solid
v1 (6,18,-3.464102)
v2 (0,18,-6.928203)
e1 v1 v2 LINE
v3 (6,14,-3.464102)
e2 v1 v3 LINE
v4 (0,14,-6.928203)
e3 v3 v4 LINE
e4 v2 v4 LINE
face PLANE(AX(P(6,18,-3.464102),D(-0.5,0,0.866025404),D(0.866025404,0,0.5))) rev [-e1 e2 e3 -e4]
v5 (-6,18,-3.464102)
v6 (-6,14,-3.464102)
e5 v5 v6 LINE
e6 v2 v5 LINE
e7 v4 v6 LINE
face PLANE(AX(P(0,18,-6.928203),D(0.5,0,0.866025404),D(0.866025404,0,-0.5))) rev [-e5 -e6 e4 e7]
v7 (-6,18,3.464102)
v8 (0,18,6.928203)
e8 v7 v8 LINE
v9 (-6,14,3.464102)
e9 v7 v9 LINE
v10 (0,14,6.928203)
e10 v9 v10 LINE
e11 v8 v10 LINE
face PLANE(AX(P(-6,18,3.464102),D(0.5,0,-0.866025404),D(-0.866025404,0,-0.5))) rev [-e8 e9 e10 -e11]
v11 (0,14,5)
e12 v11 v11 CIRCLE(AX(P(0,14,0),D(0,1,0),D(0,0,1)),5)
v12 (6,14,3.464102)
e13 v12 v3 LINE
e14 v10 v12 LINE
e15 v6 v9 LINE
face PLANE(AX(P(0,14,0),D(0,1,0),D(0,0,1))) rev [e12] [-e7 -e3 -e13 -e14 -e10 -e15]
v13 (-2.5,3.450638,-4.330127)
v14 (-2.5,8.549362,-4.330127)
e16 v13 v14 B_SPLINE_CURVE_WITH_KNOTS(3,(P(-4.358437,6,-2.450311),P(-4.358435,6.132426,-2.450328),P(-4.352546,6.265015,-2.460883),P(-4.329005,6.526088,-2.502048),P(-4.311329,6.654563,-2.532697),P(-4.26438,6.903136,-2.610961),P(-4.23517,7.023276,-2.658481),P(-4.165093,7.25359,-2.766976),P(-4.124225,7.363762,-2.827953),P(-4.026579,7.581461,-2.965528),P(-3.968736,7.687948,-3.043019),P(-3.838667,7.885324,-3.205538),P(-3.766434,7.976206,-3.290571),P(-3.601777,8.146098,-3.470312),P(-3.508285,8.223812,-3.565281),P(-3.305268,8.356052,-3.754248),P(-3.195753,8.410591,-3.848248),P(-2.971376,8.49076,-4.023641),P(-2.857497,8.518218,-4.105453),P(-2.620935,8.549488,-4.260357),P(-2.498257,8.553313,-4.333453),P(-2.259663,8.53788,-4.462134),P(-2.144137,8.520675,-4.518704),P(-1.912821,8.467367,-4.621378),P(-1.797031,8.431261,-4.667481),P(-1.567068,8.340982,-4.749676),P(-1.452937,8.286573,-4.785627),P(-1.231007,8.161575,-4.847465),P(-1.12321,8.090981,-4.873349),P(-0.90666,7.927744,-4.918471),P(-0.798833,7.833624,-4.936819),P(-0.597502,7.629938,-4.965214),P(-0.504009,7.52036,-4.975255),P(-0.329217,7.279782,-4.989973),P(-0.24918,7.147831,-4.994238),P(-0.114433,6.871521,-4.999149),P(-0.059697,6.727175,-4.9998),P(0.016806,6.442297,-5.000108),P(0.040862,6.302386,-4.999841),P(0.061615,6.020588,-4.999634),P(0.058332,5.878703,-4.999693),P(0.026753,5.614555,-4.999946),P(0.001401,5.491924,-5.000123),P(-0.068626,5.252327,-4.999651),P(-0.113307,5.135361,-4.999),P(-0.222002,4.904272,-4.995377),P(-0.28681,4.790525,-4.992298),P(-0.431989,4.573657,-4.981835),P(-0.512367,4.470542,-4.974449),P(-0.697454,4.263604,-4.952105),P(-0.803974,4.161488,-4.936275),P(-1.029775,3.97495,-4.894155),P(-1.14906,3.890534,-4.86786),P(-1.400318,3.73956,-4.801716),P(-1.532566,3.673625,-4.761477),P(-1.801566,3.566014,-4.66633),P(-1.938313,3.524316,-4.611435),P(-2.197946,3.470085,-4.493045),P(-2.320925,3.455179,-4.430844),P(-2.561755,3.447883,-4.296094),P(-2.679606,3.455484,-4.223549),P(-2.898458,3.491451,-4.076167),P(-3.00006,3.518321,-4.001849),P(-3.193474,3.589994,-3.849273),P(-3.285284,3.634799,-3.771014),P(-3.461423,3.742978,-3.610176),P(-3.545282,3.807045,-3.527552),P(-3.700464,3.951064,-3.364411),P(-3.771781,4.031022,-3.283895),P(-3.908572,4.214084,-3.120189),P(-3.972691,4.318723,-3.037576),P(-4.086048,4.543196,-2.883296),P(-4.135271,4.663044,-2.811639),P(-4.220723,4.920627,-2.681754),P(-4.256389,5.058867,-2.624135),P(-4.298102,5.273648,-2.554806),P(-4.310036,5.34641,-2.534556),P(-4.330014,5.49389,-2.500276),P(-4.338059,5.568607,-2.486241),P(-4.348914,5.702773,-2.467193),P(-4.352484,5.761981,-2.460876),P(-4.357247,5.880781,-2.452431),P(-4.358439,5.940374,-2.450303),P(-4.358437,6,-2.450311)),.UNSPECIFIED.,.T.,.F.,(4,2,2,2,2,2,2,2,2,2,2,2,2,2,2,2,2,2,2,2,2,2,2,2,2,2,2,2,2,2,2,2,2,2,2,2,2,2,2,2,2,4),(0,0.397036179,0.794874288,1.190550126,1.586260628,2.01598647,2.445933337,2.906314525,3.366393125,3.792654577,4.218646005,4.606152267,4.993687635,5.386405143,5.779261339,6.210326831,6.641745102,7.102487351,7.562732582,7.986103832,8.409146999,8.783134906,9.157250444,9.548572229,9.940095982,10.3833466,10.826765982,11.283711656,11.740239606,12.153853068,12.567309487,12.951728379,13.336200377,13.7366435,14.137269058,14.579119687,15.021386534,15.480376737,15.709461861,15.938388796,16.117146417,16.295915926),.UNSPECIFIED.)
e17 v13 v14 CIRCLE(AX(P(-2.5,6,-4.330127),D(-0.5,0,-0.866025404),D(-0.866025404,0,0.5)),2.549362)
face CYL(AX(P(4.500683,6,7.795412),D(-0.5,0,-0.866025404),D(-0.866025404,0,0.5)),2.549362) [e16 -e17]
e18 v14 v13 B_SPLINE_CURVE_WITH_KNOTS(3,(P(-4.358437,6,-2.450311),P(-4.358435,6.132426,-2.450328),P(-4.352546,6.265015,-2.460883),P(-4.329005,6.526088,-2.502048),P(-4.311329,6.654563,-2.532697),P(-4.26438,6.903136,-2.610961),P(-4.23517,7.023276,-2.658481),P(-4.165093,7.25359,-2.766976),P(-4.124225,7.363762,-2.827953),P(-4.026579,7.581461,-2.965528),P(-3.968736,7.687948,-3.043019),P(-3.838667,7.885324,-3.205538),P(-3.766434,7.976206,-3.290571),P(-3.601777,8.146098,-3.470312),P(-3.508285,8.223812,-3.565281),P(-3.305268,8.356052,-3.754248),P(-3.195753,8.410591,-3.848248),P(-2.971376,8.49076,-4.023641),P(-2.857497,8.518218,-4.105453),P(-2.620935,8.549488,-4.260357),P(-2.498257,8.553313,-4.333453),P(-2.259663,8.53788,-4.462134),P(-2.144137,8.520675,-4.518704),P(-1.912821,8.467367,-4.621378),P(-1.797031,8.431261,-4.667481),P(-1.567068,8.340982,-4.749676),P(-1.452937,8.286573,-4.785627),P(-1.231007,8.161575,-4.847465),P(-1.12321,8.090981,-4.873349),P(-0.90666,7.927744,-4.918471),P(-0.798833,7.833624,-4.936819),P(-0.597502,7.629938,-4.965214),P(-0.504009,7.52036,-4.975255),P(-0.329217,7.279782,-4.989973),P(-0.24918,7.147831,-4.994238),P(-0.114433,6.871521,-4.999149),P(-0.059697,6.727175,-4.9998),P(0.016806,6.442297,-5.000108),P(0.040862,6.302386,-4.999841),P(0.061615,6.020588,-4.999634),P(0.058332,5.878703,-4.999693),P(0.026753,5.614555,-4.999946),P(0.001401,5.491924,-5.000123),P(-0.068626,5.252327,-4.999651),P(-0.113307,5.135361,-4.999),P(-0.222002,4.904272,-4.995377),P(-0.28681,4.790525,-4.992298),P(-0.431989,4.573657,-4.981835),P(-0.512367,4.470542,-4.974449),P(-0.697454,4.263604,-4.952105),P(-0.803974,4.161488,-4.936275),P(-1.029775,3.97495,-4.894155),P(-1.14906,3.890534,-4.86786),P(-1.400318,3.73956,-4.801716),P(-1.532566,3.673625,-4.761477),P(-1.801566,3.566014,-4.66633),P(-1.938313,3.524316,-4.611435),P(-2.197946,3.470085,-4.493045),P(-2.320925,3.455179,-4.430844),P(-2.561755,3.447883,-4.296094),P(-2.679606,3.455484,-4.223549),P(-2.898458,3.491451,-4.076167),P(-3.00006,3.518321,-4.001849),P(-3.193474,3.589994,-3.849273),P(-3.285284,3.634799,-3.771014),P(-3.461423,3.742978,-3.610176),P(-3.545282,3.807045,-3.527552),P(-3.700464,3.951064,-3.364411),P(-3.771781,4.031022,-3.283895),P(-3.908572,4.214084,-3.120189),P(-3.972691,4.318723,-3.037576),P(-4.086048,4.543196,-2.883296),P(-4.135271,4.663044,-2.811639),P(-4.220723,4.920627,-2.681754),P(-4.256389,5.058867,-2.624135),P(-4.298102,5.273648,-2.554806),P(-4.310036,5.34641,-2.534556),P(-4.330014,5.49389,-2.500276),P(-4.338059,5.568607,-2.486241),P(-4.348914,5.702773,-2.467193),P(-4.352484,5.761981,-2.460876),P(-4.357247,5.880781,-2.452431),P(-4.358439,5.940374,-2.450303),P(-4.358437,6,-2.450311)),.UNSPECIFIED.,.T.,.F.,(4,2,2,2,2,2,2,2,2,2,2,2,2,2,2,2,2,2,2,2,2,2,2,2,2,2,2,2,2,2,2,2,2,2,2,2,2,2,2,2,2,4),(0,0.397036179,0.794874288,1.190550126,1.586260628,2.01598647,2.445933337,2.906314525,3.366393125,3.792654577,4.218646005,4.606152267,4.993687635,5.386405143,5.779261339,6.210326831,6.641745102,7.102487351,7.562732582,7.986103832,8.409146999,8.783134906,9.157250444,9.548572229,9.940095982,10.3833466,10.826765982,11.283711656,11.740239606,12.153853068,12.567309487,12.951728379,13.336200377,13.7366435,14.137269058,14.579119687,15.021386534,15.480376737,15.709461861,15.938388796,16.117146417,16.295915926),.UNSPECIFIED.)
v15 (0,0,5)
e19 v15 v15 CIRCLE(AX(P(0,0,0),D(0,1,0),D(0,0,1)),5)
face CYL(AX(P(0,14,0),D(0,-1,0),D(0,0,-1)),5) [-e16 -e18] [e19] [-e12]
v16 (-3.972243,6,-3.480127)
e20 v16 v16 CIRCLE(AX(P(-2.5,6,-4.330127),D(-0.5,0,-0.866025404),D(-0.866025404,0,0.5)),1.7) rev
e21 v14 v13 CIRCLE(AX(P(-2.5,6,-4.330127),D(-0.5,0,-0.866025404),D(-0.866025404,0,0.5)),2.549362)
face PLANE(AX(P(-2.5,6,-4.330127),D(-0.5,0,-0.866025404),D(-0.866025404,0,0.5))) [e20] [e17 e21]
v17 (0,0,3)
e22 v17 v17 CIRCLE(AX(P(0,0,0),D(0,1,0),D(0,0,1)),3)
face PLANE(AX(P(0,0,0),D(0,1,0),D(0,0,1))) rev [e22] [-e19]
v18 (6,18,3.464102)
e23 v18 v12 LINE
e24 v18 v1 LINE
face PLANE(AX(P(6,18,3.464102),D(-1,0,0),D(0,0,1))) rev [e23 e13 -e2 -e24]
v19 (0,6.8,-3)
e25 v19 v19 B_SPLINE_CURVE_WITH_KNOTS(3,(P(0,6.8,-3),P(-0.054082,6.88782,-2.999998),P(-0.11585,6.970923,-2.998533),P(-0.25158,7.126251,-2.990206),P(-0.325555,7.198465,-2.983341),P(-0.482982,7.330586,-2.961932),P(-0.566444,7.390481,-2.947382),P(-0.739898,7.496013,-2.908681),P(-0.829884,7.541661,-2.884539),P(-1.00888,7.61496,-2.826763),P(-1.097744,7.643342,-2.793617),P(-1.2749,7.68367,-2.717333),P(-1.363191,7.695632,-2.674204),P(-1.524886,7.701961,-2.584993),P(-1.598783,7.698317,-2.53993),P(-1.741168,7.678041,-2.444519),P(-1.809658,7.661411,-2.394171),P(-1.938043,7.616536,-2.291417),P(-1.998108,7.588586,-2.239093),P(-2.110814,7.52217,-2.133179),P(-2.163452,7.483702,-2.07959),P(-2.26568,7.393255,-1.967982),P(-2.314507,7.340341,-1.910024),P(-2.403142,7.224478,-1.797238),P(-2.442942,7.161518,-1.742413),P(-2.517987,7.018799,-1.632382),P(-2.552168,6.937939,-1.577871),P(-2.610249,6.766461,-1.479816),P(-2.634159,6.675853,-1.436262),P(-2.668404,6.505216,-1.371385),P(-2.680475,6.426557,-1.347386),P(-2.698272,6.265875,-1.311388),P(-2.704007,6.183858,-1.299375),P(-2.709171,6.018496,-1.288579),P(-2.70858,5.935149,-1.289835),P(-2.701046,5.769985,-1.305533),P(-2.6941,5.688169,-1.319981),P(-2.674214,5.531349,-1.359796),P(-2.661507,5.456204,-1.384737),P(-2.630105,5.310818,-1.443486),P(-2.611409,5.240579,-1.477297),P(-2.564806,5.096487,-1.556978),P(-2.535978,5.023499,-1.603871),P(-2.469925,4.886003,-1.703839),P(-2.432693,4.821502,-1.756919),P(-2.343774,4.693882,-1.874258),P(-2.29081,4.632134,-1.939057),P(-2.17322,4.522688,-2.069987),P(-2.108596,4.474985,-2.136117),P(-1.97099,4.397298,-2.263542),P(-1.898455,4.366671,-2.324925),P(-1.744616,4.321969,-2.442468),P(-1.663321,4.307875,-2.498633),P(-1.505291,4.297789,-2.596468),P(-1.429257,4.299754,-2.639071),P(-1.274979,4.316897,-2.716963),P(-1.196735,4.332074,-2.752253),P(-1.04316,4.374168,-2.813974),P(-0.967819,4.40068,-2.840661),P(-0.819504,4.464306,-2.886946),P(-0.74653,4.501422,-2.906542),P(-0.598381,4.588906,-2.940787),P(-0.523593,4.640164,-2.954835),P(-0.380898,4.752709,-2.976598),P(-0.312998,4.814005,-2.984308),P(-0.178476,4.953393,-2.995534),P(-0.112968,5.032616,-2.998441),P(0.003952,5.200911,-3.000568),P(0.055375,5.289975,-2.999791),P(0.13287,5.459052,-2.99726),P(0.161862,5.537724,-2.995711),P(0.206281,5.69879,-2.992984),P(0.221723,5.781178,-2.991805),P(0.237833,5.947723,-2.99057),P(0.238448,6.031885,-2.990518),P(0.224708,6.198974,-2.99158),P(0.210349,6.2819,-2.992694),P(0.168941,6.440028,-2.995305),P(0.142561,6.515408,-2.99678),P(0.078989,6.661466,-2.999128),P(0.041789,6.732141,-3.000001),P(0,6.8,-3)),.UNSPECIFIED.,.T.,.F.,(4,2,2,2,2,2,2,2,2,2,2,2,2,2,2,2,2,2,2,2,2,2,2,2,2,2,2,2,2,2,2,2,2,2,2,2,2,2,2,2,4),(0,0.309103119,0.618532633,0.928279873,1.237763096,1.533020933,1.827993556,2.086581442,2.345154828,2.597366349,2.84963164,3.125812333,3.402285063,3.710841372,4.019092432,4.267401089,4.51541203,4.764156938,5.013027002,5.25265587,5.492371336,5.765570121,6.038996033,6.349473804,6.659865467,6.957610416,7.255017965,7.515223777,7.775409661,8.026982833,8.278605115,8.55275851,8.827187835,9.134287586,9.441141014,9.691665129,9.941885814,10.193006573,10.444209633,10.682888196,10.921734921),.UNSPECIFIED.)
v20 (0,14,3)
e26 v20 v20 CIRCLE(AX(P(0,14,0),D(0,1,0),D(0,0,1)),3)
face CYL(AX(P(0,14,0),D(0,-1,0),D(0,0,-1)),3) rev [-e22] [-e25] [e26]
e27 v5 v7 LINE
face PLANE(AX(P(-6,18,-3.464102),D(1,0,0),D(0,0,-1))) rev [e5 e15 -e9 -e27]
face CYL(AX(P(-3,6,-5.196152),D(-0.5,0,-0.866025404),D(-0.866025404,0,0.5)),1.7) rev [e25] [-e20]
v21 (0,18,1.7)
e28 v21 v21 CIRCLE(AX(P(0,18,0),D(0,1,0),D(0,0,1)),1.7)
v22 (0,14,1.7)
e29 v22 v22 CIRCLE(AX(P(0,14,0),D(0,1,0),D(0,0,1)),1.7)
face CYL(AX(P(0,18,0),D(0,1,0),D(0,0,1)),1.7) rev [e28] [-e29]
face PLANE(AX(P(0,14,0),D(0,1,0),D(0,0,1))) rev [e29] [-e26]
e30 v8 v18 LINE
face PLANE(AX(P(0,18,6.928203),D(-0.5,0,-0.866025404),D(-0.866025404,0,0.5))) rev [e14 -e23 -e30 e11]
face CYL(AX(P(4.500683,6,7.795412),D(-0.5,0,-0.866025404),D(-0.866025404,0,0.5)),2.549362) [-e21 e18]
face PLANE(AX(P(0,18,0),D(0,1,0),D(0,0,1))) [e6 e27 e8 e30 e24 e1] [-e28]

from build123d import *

# Parameters (mm, degrees)
SKETCH1_R                 = 5
SKETCH1_R_2               = 3
BOSS_EXTRUDE1_DEPTH       = 14
BOSS_EXTRUDE2_DEPTH       = 4
M3_CLEARANCE_HOLE1_D      = 3.4
M3_CLEARANCE_HOLE2_REACH  = 25.495
M3_CLEARANCE_HOLE2_BORE_R = 1.7
BOSS_EXTRUDE3_REACH       = 25.495
BOSS_EXTRUDE3_END_RADIUS  = 5
SKETCH11_R                = 2.549362178
SKETCH11_R_2              = 1.7
SKETCH14_R                = 2.549362178
CUT_EXTRUDE2_DEPTH        = 1


with BuildPart() as part:
    # Sketch1 → Boss-Extrude1 (new body)
    with BuildSketch(Plane(origin=(0, 0, 0), x_dir=(1, 0, 0), z_dir=(0, 1, 0))):
        with Locations(Location((0, 0, 0), (0, 0, 270))):
            Circle(SKETCH1_R)
        with Locations(Location((0, 0, 0), (0, 0, 270))):
            Circle(SKETCH1_R_2, mode=Mode.SUBTRACT)
    extrude(amount=BOSS_EXTRUDE1_DEPTH)

    # Sketch2 → Boss-Extrude2 (add)
    with BuildSketch(Plane(origin=(0, 14, 0), x_dir=(1, 0, 0), z_dir=(0, 1, 0))):
        Polygon((0, 6.92820323), (-6, 3.464101615), (-6, -3.464101615), (0, -6.92820323), (6, -3.464101615), (6, 3.464101615), align=None)
    extrude(amount=BOSS_EXTRUDE2_DEPTH)

    # M3 Clearance Hole1 (through all)
    with Locations(Plane(origin=(0, 18, 0), x_dir=(1, 0, 0), z_dir=(0, 1, 0))):
        with Locations((0, 0)):
            Hole(M3_CLEARANCE_HOLE1_D / 2)

    # M3 Clearance Hole2 bore → M3 Clearance Hole2 (cut, up to next)
    with BuildSketch(Plane(origin=(-3, 0, -5.196152423), x_dir=(-0.8660254037844386, 0, 0.5000000000000003), z_dir=(-0.5000000000000002, 0, -0.8660254037844385)), mode=Mode.PRIVATE) as m3_clearance_hole2_sk1:
        with Locations((0, 6)):
            Circle(M3_CLEARANCE_HOLE2_BORE_R)
    m3_clearance_hole2_tool1 = extrude(m3_clearance_hole2_sk1.sketch, amount=-M3_CLEARANCE_HOLE2_REACH, mode=Mode.PRIVATE) & part.part
    add(m3_clearance_hole2_tool1.solids().sort_by_distance((-3, 6, -5.196152))[0], mode=Mode.SUBTRACT)

    # Boss-Extrude3: up to this cylinder (the profile starts outside it)
    boss_extrude3_end = Plane(origin=(0, 6, 0), z_dir=(0, -1, 0)) * Cylinder(BOSS_EXTRUDE3_END_RADIUS, 61.99, mode=Mode.PRIVATE)
    # Sketch11 → Boss-Extrude3 (add, up to the surface)
    with BuildSketch(Plane(origin=(-3, 0, -5.196152423), x_dir=(-0.8660254037844386, 0, 0.5000000000000003), z_dir=(-0.5000000000000002, 0, -0.8660254037844385)), mode=Mode.PRIVATE) as boss_extrude3_sk1:
        with Locations((0, 6)):
            Circle(SKETCH11_R)
        with Locations((0, 6)):
            Circle(SKETCH11_R_2, mode=Mode.SUBTRACT)
    boss_extrude3_tool1 = extrude(boss_extrude3_sk1.sketch, amount=-BOSS_EXTRUDE3_REACH, mode=Mode.PRIVATE) - boss_extrude3_end
    add(boss_extrude3_tool1.solids().sort_by_distance((-0.854634, 6, -6.43478))[0])

    # Sketch14 → Cut-Extrude2 (cut)
    with BuildSketch(Plane(origin=(-3, 0, -5.196152423), x_dir=(-0.8660254037844384, 0, 0.5000000000000004), z_dir=(-0.5000000000000004, 0, -0.8660254037844384))):
        with Locations((0, 6)):
            Circle(SKETCH14_R)
    extrude(amount=-CUT_EXTRUDE2_DEPTH, mode=Mode.SUBTRACT)


solid = part.part
